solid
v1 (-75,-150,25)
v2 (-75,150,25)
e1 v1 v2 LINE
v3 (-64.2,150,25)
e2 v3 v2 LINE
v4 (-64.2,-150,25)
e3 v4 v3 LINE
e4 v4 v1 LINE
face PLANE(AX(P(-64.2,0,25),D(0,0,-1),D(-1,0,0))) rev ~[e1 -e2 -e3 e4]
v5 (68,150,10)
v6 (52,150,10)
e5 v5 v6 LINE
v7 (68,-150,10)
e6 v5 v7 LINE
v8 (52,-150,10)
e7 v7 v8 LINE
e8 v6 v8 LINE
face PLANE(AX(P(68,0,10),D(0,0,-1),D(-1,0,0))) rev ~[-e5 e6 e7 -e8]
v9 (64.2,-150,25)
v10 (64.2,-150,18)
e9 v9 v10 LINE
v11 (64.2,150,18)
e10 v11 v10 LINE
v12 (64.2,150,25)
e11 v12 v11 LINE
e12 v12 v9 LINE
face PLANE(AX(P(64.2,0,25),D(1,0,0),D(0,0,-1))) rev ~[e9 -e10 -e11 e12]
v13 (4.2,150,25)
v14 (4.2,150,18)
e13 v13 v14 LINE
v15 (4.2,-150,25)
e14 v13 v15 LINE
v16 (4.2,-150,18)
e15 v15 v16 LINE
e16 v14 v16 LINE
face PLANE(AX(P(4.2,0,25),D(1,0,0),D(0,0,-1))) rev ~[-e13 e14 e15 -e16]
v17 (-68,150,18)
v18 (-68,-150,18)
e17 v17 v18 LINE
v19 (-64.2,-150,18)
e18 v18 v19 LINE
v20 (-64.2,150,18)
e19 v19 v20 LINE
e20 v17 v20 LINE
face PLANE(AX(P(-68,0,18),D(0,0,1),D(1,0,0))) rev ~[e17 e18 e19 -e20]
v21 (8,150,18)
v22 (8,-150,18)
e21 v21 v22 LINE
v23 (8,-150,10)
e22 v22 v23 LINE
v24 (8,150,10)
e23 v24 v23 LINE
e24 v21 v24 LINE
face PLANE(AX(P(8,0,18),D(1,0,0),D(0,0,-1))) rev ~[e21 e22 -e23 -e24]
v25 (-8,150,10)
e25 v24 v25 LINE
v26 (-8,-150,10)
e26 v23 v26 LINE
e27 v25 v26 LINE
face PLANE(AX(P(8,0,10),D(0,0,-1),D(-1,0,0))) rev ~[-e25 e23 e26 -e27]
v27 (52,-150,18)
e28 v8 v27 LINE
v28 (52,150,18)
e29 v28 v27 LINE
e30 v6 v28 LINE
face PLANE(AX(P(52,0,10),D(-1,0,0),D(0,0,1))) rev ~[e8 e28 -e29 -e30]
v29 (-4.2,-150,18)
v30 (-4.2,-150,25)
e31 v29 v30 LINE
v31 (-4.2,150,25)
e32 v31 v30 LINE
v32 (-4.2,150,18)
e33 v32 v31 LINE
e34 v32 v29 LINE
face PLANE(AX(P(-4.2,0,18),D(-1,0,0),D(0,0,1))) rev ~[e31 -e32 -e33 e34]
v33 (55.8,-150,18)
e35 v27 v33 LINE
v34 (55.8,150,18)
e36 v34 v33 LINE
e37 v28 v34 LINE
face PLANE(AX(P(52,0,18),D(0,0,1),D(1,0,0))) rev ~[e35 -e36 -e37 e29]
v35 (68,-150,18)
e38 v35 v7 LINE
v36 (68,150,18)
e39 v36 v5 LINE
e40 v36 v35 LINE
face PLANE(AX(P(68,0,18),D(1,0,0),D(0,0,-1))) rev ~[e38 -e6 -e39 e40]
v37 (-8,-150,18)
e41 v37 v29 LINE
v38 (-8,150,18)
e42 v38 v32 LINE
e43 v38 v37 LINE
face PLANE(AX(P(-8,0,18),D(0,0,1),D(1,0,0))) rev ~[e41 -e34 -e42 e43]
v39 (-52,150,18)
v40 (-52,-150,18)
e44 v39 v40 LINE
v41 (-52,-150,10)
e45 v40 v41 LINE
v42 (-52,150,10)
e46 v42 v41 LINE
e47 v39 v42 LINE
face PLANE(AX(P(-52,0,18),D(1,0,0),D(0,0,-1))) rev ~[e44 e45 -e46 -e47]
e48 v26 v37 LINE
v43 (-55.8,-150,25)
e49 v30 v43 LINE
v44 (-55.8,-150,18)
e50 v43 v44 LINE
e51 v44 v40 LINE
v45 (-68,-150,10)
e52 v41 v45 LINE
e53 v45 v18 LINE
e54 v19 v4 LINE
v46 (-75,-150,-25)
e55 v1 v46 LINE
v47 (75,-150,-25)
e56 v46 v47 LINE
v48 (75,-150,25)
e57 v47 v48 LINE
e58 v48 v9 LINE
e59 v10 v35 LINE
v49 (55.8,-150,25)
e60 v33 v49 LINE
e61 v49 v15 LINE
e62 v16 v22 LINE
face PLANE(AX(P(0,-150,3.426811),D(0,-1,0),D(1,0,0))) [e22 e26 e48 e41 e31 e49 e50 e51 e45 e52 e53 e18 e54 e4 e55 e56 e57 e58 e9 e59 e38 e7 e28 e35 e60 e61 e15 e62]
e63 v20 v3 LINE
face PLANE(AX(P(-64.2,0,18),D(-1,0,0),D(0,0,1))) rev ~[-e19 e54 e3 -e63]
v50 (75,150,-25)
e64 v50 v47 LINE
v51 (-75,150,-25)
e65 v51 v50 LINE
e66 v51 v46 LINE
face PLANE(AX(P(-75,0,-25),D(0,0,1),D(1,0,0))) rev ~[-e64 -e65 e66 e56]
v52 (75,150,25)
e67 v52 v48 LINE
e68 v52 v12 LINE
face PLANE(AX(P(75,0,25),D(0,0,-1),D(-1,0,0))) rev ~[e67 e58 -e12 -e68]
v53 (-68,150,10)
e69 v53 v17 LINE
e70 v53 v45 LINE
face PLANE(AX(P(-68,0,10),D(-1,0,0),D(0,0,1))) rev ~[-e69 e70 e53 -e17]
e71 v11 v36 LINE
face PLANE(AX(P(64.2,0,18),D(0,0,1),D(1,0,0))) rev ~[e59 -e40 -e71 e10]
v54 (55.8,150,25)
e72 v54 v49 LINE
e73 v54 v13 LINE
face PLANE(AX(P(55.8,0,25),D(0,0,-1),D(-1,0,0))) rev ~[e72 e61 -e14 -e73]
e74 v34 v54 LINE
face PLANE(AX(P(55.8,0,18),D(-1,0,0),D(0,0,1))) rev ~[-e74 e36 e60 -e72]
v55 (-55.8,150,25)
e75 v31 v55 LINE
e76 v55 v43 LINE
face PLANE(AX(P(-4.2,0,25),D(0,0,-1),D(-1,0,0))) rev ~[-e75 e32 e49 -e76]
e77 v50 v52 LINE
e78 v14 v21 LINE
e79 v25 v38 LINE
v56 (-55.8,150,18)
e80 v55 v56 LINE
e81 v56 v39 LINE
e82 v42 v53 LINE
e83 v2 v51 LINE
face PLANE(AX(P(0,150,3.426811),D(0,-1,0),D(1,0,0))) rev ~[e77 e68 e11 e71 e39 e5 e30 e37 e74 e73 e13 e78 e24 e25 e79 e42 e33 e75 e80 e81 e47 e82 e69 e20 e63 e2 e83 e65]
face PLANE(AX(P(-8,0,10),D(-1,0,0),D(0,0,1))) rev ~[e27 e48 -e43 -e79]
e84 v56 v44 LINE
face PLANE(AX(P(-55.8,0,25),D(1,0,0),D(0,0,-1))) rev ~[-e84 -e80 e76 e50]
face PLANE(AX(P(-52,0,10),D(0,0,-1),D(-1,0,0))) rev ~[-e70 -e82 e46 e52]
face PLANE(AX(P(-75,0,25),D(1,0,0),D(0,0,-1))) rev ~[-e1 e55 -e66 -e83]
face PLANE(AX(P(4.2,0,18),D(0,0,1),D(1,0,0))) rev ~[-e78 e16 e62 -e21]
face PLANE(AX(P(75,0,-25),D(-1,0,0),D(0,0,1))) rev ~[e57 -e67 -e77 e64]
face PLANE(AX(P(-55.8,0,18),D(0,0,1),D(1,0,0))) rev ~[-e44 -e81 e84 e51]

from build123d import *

# Parameters (mm, degrees)
F1_DEPTH      = 150
F1_DEPTH_BACK = 150


with BuildPart() as f1:
    # F0 (on Front) → F1 (new body, two sides)
    with BuildSketch(Plane.XZ) as f1_sk:
        Polygon((-75, 25), (-75, -25), (75, -25), (75, 25), (64.2, 25), (64.2, 18), (68, 18), (68, 10), (52, 10), (52, 18), (55.8, 18), (55.8, 25), (4.2, 25), (4.2, 18), (8, 18), (8, 10), (-8, 10), (-8, 18), (-4.2, 18), (-4.2, 25), (-55.8, 25), (-55.8, 18), (-52, 18), (-52, 10), (-68, 10), (-68, 18), (-64.2, 18), (-64.2, 25), align=None)
    extrude(amount=-F1_DEPTH)
    extrude(f1_sk.sketch, amount=F1_DEPTH_BACK)


solid = f1.part
